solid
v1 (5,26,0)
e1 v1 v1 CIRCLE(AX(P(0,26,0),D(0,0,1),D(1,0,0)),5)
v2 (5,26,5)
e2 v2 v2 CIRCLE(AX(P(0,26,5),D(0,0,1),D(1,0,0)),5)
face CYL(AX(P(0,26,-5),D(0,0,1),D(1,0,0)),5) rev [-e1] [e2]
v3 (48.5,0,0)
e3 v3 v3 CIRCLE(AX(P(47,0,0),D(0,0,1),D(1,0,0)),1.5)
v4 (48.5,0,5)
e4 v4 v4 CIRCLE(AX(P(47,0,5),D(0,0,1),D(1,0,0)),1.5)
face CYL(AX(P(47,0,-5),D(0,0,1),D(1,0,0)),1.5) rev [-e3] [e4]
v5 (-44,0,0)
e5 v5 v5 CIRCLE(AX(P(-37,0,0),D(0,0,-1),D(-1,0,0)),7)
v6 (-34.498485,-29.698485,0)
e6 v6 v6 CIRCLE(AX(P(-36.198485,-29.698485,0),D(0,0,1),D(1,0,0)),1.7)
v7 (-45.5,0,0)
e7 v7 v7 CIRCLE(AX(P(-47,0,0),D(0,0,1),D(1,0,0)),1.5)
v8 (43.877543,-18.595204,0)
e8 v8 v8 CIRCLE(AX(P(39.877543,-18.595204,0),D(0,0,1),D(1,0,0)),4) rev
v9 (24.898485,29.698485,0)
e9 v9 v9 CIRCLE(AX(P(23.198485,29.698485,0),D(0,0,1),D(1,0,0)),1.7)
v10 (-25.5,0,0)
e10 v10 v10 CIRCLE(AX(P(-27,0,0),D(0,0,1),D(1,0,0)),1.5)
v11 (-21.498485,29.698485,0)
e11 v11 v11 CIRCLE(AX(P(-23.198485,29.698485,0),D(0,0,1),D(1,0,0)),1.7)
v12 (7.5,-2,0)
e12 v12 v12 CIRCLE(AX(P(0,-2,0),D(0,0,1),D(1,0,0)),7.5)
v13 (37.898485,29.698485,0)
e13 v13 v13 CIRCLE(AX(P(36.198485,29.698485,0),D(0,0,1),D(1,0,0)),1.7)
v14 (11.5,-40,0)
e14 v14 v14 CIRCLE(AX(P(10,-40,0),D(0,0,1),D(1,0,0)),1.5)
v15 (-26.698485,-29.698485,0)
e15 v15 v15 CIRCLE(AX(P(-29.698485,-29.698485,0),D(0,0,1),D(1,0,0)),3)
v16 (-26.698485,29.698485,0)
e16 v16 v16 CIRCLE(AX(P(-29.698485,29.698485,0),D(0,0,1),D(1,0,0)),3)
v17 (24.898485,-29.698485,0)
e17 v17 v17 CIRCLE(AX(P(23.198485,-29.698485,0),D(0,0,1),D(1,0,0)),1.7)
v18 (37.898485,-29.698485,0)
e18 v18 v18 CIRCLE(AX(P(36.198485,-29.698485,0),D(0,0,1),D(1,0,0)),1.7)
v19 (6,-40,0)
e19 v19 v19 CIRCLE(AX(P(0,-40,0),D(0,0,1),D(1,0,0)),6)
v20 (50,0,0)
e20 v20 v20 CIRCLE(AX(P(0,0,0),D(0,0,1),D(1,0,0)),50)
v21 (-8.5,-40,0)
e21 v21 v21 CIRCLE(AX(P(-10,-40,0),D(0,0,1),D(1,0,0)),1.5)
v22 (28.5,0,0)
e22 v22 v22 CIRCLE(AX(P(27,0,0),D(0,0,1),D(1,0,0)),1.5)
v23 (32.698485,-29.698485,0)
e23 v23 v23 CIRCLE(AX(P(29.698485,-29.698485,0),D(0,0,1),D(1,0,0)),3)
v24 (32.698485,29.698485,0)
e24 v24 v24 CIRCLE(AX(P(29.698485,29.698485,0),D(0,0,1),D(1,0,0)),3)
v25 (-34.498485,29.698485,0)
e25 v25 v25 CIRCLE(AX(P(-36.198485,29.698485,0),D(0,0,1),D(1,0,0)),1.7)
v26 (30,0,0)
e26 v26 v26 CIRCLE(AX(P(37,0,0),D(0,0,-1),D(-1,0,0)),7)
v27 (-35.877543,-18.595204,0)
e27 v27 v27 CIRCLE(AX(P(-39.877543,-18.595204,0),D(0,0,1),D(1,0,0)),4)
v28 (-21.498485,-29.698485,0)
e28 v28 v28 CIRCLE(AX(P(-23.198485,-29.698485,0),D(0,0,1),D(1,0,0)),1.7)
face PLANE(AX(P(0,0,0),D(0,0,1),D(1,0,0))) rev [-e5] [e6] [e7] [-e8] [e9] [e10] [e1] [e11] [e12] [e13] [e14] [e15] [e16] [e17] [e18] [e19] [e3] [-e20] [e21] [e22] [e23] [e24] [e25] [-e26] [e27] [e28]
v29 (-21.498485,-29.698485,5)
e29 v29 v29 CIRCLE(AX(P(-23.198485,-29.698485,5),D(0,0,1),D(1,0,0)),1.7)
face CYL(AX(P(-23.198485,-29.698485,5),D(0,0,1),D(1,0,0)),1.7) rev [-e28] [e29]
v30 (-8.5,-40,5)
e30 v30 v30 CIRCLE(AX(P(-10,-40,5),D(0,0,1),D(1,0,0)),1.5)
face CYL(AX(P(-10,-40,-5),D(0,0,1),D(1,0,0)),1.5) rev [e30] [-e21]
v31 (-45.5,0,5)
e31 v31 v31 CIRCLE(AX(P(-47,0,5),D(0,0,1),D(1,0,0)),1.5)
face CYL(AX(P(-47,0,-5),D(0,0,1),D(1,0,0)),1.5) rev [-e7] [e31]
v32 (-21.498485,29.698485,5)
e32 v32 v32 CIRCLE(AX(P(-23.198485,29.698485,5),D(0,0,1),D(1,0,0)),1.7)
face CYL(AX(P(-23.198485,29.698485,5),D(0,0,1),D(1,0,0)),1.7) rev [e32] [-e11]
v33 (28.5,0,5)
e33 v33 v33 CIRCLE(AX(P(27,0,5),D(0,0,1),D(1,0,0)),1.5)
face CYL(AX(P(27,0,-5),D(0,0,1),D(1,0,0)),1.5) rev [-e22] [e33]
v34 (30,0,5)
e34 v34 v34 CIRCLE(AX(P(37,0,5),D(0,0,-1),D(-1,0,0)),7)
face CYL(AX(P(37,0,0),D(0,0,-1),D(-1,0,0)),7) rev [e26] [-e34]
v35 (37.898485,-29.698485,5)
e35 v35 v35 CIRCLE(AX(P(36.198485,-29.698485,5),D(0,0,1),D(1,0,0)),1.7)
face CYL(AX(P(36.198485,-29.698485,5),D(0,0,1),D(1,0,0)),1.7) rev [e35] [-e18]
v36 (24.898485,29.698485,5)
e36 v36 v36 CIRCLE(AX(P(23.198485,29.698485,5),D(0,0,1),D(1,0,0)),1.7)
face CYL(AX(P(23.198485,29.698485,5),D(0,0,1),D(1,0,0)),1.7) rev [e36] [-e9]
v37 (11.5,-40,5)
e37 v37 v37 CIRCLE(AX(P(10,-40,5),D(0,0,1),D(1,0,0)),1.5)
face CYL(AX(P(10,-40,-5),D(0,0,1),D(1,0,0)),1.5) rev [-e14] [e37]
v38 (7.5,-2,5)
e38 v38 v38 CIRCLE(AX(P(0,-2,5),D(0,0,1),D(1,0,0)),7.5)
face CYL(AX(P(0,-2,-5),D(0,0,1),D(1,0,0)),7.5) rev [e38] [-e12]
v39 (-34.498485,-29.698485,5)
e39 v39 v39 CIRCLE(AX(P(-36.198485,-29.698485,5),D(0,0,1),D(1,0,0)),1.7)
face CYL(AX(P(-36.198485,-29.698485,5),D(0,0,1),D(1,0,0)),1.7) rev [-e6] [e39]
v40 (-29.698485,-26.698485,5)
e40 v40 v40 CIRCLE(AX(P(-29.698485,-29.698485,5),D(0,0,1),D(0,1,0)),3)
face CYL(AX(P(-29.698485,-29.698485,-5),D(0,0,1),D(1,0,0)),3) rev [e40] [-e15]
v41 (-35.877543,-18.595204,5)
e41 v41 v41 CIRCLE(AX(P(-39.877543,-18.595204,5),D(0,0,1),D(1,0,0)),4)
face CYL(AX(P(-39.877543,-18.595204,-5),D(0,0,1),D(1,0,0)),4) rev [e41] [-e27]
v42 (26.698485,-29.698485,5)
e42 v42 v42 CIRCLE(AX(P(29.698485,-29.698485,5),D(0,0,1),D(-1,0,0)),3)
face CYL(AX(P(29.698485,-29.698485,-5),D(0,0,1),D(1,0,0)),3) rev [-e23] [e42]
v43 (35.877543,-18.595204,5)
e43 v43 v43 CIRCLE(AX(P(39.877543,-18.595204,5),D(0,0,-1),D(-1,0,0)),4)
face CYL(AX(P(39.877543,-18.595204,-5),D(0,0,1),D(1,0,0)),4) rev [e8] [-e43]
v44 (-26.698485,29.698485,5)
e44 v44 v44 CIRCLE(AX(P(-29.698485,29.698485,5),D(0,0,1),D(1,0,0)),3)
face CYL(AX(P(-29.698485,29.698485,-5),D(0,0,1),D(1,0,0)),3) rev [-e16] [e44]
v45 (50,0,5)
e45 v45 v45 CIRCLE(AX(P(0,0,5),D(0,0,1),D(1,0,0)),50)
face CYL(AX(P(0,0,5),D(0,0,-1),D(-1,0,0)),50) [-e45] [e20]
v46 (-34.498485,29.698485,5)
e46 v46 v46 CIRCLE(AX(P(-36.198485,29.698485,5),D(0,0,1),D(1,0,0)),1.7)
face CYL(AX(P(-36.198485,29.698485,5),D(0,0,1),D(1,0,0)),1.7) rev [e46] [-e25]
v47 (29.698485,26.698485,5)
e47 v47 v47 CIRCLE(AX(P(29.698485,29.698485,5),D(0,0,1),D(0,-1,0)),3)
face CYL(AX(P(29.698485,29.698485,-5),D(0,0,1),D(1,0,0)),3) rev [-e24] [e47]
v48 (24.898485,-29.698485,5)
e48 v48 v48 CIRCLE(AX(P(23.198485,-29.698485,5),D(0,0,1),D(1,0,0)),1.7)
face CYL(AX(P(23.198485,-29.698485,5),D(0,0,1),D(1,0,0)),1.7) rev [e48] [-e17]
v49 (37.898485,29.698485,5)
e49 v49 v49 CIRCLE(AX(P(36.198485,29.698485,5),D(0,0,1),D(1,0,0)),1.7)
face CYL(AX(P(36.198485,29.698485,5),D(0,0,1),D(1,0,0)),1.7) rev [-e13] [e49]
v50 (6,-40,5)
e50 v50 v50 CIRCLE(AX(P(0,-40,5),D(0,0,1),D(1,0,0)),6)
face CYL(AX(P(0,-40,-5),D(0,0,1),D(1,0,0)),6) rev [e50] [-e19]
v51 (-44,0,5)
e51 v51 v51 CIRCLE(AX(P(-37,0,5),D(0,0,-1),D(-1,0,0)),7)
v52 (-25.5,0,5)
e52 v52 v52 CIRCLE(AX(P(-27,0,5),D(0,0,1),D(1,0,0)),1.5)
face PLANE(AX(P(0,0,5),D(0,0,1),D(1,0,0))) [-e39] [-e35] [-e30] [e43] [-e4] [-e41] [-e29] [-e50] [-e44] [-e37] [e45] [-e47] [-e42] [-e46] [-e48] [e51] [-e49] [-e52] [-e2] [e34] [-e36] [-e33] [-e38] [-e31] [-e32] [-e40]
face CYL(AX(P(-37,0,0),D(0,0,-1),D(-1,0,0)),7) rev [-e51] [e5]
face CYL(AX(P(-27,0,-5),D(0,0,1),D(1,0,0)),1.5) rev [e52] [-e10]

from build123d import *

# Parameters (mm, degrees)
SKETCH1_R                  = 50
BOSS_EXTRUDE1_DEPTH        = 5
F_14_0_14_DIAMETER_HOLE1_D = 14
SKETCH7_R                  = 5
CUT_EXTRUDE1_DEPTH         = 10
SKETCH8_R                  = 3
CUT_EXTRUDE2_DEPTH         = 10
CIRPATTERN1_COUNT          = 4
SKETCH9_R                  = 7.5
CUT_EXTRUDE3_DEPTH         = 10
SKETCH10_R                 = 1.5
SKETCH10_R_2               = 6
CUT_EXTRUDE4_DEPTH         = 10
SKETCH12_R                 = 4
CUT_EXTRUDE5_DEPTH         = 10
M3_CLEARANCE_HOLE1_D       = 3.4
MIRROR3_COPY_1_D           = 3.4


with BuildPart() as part:
    # Sketch1 → Boss-Extrude1 (new body)
    with BuildSketch(Plane.XY):
        Circle(SKETCH1_R)
    extrude(amount=BOSS_EXTRUDE1_DEPTH)

    # Ø14.0 (14) Diameter Hole1 (through all)
    with Locations(Plane(origin=(0, 0, 0), x_dir=(-1, 0, 0), z_dir=(0, 0, -1))):
        with Locations((37, 0), (-37, 0)):
            Hole(F_14_0_14_DIAMETER_HOLE1_D / 2)

    # Sketch7 → Cut-Extrude1 (cut)
    with BuildSketch(Plane.XY.offset(5)):
        with Locations((0, 26)):
            Circle(SKETCH7_R)
    extrude(amount=-CUT_EXTRUDE1_DEPTH, mode=Mode.SUBTRACT)

    # Sketch8 → Cut-Extrude2 (cut)
    with BuildSketch(Plane.XY.offset(5)):
        with Locations((-29.69848481, 29.69848481)):
            Circle(SKETCH8_R)
    cut_extrude2 = extrude(amount=-CUT_EXTRUDE2_DEPTH, mode=Mode.SUBTRACT)

    # CirPattern1: Cut-Extrude2 ×4 about axis
    cirpattern1_axis = Axis((0, 0, 0), (0, 0, 1))
    for i in range(1, CIRPATTERN1_COUNT):
        add(cut_extrude2.rotate(cirpattern1_axis, i * 360 / CIRPATTERN1_COUNT), mode=Mode.SUBTRACT)

    # Sketch9 → Cut-Extrude3 (cut)
    with BuildSketch(Plane.XY.offset(5)):
        with Locations((0, -2)):
            Circle(SKETCH9_R)
    extrude(amount=-CUT_EXTRUDE3_DEPTH, mode=Mode.SUBTRACT)

    # Sketch10 → Cut-Extrude4 (cut)
    with BuildSketch(Plane.XY.offset(5)):
        with Locations((-47, 0)):
            Circle(SKETCH10_R)
        with Locations((-27, 0)):
            Circle(SKETCH10_R)
        with Locations((27, 0)):
            Circle(SKETCH10_R)
        with Locations((47, 0)):
            Circle(SKETCH10_R)
        with Locations((10, -40)):
            Circle(SKETCH10_R)
        with Locations((-10, -40)):
            Circle(SKETCH10_R)
        with Locations((0, -40)):
            Circle(SKETCH10_R_2)
    extrude(amount=-CUT_EXTRUDE4_DEPTH, mode=Mode.SUBTRACT)

    # Sketch12 → Cut-Extrude5 (cut)
    with BuildSketch(Plane.XY.offset(5)):
        with Locations((-39.87754263, -18.595203517)):
            Circle(SKETCH12_R)
    cut_extrude5 = extrude(amount=-CUT_EXTRUDE5_DEPTH, mode=Mode.SUBTRACT)

    # Mirror1: Cut-Extrude5 across plane
    add(cut_extrude5.mirror(Plane(origin=(0, 0, 0), x_dir=(0, 0, 1), z_dir=(1, 0, 0))), mode=Mode.SUBTRACT)

    # M3 Clearance Hole1 (through all)
    with Locations(Plane.XY.offset(5)):
        with Locations((-36.19848481, -29.69848481), (-23.19848481, -29.69848481)):
            m3_clearance_hole1 = Hole(M3_CLEARANCE_HOLE1_D / 2)

    # Mirror2: M3 Clearance Hole1 across plane
    add(m3_clearance_hole1.mirror(Plane.ZX), mode=Mode.SUBTRACT)

    # Mirror3: M3 Clearance Hole1 across plane
    add(m3_clearance_hole1.mirror(Plane(origin=(0, 0, 0), x_dir=(0, 0, 1), z_dir=(1, 0, 0))), mode=Mode.SUBTRACT)

    # Mirror3 copy 1 (through all)
    with Locations(Plane(origin=(0, 0, 5), x_dir=(-1, 0, 0), z_dir=(0, 0, 1))):
        with Locations((-36.19848481, -29.69848481), (-23.19848481, -29.69848481)):
            Hole(MIRROR3_COPY_1_D / 2)


solid = part.part
